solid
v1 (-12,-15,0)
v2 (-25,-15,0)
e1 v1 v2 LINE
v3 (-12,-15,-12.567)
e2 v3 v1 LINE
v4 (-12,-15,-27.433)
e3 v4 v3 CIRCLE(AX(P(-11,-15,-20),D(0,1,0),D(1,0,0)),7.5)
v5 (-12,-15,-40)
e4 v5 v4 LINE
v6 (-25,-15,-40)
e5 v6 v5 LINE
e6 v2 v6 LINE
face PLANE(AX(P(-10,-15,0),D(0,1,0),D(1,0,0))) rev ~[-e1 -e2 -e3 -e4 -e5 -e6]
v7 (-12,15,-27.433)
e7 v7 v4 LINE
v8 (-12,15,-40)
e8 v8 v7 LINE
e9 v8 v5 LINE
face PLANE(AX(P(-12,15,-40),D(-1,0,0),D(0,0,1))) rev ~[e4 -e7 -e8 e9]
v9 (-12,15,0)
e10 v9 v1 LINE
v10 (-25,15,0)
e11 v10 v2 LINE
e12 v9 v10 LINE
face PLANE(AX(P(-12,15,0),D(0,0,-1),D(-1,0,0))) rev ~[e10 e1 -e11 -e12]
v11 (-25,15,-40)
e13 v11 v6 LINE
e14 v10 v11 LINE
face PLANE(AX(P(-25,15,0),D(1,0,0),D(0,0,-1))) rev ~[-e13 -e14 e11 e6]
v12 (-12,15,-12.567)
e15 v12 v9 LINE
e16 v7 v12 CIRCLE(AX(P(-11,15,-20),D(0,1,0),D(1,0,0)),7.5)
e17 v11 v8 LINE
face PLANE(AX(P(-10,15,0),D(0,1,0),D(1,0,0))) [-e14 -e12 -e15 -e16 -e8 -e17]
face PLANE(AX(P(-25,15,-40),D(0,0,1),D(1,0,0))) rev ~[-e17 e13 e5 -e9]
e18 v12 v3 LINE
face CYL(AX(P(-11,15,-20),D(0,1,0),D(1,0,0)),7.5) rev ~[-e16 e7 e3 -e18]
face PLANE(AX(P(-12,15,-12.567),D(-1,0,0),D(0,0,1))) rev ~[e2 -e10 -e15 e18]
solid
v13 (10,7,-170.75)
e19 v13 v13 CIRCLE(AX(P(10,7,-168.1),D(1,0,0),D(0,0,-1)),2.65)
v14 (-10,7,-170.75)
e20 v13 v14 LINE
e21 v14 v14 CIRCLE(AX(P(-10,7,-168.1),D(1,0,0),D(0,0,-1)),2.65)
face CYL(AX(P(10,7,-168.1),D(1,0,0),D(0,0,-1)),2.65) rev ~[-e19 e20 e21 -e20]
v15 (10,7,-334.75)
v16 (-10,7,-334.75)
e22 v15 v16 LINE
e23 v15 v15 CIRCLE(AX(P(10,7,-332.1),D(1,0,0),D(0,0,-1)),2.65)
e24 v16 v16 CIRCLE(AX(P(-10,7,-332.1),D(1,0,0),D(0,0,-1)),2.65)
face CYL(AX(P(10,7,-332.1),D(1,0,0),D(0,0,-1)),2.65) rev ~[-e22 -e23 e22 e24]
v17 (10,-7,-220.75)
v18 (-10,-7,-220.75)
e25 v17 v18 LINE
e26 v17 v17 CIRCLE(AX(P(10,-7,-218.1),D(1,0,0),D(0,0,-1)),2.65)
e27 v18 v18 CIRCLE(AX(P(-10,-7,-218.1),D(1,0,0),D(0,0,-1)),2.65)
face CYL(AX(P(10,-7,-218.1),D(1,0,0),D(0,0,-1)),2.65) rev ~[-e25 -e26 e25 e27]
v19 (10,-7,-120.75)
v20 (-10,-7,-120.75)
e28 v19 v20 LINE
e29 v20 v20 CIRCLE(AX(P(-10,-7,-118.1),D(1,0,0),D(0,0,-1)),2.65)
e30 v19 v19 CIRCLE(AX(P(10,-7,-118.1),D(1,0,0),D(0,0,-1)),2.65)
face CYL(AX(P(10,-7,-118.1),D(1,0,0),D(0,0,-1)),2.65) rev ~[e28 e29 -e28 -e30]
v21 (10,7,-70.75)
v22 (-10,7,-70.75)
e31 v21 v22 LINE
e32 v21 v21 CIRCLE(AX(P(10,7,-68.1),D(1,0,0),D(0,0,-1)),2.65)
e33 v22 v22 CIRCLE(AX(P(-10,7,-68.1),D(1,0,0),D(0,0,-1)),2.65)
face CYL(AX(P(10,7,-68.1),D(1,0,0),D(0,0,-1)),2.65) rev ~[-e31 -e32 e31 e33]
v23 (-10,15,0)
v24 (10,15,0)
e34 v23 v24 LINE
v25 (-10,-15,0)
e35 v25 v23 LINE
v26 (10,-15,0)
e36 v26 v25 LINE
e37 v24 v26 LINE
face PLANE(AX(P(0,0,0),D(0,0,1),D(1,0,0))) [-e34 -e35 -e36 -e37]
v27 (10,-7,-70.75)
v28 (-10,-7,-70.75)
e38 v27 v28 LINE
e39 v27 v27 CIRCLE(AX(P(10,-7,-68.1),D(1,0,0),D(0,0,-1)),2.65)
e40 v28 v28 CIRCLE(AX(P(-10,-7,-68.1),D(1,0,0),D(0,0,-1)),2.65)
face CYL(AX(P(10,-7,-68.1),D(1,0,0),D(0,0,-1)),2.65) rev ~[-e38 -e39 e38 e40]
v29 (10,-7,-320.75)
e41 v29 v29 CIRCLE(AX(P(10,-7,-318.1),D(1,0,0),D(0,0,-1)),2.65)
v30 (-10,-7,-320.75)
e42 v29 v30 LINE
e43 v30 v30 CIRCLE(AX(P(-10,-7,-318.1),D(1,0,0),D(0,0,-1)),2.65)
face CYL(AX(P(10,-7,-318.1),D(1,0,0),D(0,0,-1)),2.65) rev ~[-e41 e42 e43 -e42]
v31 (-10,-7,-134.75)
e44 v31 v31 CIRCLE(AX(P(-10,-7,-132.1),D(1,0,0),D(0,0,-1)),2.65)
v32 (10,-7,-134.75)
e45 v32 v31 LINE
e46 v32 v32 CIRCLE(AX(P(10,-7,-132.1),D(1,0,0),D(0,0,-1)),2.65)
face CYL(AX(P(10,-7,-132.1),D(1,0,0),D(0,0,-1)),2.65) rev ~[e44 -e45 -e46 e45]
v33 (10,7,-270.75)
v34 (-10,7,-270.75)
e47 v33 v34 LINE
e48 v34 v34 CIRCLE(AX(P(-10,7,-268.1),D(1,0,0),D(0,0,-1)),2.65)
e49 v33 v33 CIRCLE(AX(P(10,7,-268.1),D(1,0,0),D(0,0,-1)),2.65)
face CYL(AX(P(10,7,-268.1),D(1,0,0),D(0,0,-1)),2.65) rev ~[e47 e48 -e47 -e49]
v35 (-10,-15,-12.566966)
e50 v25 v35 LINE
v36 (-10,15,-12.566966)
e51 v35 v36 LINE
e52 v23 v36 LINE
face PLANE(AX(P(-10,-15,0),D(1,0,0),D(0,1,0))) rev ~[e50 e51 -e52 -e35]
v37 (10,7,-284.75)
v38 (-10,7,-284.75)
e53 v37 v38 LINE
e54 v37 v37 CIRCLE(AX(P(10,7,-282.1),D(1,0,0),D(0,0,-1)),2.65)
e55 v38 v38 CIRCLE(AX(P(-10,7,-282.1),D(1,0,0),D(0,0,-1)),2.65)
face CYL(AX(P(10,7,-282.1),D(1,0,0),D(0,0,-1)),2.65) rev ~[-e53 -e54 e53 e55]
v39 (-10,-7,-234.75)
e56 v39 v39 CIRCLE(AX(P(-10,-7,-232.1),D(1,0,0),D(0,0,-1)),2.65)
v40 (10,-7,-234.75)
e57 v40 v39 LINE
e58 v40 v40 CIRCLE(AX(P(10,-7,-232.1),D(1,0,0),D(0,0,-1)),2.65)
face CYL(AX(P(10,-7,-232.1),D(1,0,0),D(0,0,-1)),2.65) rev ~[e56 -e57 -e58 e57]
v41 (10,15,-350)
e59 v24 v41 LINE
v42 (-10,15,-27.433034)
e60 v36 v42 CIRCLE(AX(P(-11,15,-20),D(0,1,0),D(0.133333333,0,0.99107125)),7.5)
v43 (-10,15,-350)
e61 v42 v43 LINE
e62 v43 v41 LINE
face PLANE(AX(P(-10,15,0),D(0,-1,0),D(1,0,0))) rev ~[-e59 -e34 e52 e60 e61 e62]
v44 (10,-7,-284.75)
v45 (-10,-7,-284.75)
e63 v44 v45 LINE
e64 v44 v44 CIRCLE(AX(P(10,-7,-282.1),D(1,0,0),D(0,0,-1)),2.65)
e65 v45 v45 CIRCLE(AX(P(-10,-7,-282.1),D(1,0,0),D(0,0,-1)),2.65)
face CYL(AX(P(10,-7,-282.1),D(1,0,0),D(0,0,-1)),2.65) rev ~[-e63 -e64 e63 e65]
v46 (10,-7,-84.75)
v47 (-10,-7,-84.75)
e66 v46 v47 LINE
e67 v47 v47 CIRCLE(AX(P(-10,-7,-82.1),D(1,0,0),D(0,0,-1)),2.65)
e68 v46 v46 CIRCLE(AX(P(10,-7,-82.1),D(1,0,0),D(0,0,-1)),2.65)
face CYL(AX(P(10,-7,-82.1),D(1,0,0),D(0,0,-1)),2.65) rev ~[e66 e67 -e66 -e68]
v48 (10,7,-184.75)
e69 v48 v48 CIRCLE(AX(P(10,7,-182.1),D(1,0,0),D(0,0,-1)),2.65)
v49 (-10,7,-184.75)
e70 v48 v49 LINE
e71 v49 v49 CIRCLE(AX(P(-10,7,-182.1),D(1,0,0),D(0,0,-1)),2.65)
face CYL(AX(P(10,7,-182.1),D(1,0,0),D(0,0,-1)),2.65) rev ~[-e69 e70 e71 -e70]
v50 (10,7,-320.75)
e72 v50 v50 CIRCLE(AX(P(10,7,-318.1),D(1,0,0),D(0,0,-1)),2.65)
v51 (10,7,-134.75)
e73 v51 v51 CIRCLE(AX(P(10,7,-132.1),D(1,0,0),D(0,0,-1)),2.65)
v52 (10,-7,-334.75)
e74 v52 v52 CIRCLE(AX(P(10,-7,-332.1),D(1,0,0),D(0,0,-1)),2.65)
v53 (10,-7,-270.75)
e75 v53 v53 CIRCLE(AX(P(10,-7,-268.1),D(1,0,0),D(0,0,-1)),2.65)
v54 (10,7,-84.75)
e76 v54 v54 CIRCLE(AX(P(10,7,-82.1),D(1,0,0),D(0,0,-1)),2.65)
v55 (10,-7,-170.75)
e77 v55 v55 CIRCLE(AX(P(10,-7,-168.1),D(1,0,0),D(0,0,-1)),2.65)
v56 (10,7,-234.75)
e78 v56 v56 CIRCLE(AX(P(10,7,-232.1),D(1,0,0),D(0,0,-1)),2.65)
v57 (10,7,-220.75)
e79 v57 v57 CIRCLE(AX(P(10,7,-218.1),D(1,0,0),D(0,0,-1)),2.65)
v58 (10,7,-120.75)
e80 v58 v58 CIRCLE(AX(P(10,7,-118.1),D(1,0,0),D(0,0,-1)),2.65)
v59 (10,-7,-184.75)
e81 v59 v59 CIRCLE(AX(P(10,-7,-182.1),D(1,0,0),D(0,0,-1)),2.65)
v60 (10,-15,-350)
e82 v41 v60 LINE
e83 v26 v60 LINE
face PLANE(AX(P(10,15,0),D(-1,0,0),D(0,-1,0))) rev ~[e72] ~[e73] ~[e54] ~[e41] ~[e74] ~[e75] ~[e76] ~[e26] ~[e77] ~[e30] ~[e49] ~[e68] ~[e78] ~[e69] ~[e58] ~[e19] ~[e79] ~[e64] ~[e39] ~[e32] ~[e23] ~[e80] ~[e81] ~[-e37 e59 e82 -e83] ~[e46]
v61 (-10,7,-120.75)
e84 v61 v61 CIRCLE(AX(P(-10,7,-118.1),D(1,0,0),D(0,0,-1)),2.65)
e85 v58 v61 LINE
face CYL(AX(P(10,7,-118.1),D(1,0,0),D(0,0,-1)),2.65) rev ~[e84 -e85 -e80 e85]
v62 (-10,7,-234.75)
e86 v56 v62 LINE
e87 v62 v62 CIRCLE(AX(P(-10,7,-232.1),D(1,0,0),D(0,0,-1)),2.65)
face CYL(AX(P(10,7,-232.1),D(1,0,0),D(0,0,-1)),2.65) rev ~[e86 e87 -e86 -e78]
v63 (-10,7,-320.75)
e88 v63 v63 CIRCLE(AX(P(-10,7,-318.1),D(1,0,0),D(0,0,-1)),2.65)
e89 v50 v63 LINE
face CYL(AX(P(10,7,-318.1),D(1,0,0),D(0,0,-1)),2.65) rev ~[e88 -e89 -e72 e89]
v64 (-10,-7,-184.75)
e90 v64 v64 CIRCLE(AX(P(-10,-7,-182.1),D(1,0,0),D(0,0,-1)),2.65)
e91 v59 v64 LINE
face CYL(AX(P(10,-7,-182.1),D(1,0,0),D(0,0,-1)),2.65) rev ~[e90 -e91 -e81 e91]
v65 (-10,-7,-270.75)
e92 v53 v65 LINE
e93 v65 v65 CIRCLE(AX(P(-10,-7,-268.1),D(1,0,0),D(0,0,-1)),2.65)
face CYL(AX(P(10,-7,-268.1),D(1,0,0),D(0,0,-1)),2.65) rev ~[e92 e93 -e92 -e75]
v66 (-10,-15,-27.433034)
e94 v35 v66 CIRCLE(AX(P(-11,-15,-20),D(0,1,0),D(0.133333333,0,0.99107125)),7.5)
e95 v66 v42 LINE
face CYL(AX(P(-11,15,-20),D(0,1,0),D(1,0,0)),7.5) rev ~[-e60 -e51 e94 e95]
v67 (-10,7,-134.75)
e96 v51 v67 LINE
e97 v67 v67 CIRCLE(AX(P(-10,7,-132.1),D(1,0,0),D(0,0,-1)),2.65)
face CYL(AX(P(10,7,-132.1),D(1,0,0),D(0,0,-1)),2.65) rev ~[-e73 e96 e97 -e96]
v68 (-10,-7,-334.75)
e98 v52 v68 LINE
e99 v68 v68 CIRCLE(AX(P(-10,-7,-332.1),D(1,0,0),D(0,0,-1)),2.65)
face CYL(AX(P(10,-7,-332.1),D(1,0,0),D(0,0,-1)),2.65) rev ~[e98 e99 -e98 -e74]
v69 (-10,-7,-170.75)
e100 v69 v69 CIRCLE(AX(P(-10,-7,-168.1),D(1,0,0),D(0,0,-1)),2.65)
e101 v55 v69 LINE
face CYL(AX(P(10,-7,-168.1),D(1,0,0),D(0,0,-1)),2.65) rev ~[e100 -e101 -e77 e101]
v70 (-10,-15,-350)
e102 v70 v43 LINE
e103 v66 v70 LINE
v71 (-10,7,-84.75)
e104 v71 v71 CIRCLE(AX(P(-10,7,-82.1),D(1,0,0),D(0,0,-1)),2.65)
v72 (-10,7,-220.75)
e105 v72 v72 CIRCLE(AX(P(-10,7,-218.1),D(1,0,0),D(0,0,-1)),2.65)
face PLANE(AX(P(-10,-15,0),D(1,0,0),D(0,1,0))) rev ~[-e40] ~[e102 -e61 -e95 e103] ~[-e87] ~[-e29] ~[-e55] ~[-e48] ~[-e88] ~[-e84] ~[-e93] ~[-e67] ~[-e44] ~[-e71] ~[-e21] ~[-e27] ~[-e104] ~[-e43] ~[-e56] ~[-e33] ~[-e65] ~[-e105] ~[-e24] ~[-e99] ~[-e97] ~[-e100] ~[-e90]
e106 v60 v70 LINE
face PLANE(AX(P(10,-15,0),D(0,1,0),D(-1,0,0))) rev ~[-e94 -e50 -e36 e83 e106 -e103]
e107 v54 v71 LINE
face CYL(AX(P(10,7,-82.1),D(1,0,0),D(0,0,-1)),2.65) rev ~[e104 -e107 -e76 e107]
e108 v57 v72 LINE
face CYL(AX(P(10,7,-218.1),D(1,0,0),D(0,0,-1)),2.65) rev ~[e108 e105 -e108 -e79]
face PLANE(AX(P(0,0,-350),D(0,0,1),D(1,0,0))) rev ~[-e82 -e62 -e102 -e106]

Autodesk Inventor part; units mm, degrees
ref_plane "YZ Plane" through (0, 0, 0) normal (1, 0, 0) x (0, 1, 0)
ref_plane "XZ Plane" through (0, 0, 0) normal (0, 1, 0) x (-1, 0, 0)
ref_plane "XY Plane" through (0, 0, 0) normal (0, 0, 1) x (1, 0, 0)
sketch "Sketch1" plane through (0, 0, 0) normal (0, 0, 1) x (1, 0, 0)
  line L0 (0, 21) -> (0, -21) construction
  line L1 (-14, 0) -> (14, 0) construction
  line L2 (10, -15) -> (-10, -15)
  line L3 (-10, -15) -> (-10, 15)
  line L4 (-10, 15) -> (10, 15)
  line L5 (10, 15) -> (10, -15)
  line L6 (10, -15) -> (-10, 15) construction
  line L7 (-10, -15) -> (10, 15) construction
  point P0 (0, 0)
  dimension "d4" = 30
  dimension "d5" = 20
extrude "Extrusion3" add sketch "Sketch1" against normal blind 350
sketch "Sketch3" plane through (10, -15, 0) normal (1, 0, 0) x (0, 0, -1)
  circle A0 centre (82.1, 22) radius 2.65 projected
  circle A1 centre (68.1, 8) radius 2.65 projected
  circle A2 centre (82.1, 8) radius 2.65 projected
  circle A3 centre (68.1, 22) radius 2.65 projected
  line L0 (90.1, 40) -> (90.1, 0) projected
  line L1 (60.1, 40) -> (90.1, 40) projected
  line L2 (60.1, 40) -> (60.1, 0) projected
  line L3 (60.1, 0) -> (90.1, 0) projected
  point P0 (0, 15)
extrude "Extrusion4" cut sketch "Sketch3" against normal through all contours A0 | A1 | A2 | A3
pattern_linear "Rectangular Pattern1" count 6 spacing 50 along (0, 0, -1) of "Extrusion4"
sketch "Sketch4" plane through (-10, 15, 0) normal (0, 1, 0) x (1, 0, 0)
  circle A0 centre (-1, 20) radius 7.5
  line L0 (-15, 40) -> (-2, 40)
  line L1 (-2, 0) -> (-15, 0)
  line L2 (-15, 0) -> (-15, 40)
  line L3 (0, 0) -> (0, 350) projected
  line L4 (-2, 40) -> (-2, 27.433)
  line L5 (-2, 12.567) -> (-2, 0)
  point P0 (10, 0)
  dimension "d20" = 15
  dimension "d23" = 13
  dimension "d24" = 40
  dimension "d25" = 20
extrude "Extrusion5" cut sketch "Sketch4" against normal through all contours A0 L3 | A0 L3
extrude "Extrusion6" add sketch "Sketch4" against normal up to surface (30 mm away) separate body contours A0 L5 L1 L2 L0 L4
sketch "Sketch5" plane through (-25, 15, -40) normal (-1, 0, 0) x (0, 0, 1)
  line L0 (32.5, -7.5) -> (7.5, -7.5) construction
  line L1 (7.5, -7.5) -> (7.5, -22.5) construction
  line L2 (7.5, -22.5) -> (32.5, -22.5) construction
  line L3 (32.5, -22.5) -> (32.5, -7.5) construction
  line L4 (32.5, -7.5) -> (7.5, -22.5) construction
  line L5 (7.5, -7.5) -> (32.5, -22.5) construction
  line L6 (0, 0) -> (40, 0) construction
  line L7 (40, 0) -> (40, -30) construction
  point P0 (40, -15)
  point P1 (20, -15)
  point P2 (20, 0)
  point P3 (20, -15)
  point P4 (20, -15)
  point P5 (40, -15)
  dimension "d30" = 15
  dimension "d31" = 25
equation "\"d22\" = 0.5 * d21"
equation "\"d21\" = 2"
properties part number "17-0028-0025" material "Copper"
